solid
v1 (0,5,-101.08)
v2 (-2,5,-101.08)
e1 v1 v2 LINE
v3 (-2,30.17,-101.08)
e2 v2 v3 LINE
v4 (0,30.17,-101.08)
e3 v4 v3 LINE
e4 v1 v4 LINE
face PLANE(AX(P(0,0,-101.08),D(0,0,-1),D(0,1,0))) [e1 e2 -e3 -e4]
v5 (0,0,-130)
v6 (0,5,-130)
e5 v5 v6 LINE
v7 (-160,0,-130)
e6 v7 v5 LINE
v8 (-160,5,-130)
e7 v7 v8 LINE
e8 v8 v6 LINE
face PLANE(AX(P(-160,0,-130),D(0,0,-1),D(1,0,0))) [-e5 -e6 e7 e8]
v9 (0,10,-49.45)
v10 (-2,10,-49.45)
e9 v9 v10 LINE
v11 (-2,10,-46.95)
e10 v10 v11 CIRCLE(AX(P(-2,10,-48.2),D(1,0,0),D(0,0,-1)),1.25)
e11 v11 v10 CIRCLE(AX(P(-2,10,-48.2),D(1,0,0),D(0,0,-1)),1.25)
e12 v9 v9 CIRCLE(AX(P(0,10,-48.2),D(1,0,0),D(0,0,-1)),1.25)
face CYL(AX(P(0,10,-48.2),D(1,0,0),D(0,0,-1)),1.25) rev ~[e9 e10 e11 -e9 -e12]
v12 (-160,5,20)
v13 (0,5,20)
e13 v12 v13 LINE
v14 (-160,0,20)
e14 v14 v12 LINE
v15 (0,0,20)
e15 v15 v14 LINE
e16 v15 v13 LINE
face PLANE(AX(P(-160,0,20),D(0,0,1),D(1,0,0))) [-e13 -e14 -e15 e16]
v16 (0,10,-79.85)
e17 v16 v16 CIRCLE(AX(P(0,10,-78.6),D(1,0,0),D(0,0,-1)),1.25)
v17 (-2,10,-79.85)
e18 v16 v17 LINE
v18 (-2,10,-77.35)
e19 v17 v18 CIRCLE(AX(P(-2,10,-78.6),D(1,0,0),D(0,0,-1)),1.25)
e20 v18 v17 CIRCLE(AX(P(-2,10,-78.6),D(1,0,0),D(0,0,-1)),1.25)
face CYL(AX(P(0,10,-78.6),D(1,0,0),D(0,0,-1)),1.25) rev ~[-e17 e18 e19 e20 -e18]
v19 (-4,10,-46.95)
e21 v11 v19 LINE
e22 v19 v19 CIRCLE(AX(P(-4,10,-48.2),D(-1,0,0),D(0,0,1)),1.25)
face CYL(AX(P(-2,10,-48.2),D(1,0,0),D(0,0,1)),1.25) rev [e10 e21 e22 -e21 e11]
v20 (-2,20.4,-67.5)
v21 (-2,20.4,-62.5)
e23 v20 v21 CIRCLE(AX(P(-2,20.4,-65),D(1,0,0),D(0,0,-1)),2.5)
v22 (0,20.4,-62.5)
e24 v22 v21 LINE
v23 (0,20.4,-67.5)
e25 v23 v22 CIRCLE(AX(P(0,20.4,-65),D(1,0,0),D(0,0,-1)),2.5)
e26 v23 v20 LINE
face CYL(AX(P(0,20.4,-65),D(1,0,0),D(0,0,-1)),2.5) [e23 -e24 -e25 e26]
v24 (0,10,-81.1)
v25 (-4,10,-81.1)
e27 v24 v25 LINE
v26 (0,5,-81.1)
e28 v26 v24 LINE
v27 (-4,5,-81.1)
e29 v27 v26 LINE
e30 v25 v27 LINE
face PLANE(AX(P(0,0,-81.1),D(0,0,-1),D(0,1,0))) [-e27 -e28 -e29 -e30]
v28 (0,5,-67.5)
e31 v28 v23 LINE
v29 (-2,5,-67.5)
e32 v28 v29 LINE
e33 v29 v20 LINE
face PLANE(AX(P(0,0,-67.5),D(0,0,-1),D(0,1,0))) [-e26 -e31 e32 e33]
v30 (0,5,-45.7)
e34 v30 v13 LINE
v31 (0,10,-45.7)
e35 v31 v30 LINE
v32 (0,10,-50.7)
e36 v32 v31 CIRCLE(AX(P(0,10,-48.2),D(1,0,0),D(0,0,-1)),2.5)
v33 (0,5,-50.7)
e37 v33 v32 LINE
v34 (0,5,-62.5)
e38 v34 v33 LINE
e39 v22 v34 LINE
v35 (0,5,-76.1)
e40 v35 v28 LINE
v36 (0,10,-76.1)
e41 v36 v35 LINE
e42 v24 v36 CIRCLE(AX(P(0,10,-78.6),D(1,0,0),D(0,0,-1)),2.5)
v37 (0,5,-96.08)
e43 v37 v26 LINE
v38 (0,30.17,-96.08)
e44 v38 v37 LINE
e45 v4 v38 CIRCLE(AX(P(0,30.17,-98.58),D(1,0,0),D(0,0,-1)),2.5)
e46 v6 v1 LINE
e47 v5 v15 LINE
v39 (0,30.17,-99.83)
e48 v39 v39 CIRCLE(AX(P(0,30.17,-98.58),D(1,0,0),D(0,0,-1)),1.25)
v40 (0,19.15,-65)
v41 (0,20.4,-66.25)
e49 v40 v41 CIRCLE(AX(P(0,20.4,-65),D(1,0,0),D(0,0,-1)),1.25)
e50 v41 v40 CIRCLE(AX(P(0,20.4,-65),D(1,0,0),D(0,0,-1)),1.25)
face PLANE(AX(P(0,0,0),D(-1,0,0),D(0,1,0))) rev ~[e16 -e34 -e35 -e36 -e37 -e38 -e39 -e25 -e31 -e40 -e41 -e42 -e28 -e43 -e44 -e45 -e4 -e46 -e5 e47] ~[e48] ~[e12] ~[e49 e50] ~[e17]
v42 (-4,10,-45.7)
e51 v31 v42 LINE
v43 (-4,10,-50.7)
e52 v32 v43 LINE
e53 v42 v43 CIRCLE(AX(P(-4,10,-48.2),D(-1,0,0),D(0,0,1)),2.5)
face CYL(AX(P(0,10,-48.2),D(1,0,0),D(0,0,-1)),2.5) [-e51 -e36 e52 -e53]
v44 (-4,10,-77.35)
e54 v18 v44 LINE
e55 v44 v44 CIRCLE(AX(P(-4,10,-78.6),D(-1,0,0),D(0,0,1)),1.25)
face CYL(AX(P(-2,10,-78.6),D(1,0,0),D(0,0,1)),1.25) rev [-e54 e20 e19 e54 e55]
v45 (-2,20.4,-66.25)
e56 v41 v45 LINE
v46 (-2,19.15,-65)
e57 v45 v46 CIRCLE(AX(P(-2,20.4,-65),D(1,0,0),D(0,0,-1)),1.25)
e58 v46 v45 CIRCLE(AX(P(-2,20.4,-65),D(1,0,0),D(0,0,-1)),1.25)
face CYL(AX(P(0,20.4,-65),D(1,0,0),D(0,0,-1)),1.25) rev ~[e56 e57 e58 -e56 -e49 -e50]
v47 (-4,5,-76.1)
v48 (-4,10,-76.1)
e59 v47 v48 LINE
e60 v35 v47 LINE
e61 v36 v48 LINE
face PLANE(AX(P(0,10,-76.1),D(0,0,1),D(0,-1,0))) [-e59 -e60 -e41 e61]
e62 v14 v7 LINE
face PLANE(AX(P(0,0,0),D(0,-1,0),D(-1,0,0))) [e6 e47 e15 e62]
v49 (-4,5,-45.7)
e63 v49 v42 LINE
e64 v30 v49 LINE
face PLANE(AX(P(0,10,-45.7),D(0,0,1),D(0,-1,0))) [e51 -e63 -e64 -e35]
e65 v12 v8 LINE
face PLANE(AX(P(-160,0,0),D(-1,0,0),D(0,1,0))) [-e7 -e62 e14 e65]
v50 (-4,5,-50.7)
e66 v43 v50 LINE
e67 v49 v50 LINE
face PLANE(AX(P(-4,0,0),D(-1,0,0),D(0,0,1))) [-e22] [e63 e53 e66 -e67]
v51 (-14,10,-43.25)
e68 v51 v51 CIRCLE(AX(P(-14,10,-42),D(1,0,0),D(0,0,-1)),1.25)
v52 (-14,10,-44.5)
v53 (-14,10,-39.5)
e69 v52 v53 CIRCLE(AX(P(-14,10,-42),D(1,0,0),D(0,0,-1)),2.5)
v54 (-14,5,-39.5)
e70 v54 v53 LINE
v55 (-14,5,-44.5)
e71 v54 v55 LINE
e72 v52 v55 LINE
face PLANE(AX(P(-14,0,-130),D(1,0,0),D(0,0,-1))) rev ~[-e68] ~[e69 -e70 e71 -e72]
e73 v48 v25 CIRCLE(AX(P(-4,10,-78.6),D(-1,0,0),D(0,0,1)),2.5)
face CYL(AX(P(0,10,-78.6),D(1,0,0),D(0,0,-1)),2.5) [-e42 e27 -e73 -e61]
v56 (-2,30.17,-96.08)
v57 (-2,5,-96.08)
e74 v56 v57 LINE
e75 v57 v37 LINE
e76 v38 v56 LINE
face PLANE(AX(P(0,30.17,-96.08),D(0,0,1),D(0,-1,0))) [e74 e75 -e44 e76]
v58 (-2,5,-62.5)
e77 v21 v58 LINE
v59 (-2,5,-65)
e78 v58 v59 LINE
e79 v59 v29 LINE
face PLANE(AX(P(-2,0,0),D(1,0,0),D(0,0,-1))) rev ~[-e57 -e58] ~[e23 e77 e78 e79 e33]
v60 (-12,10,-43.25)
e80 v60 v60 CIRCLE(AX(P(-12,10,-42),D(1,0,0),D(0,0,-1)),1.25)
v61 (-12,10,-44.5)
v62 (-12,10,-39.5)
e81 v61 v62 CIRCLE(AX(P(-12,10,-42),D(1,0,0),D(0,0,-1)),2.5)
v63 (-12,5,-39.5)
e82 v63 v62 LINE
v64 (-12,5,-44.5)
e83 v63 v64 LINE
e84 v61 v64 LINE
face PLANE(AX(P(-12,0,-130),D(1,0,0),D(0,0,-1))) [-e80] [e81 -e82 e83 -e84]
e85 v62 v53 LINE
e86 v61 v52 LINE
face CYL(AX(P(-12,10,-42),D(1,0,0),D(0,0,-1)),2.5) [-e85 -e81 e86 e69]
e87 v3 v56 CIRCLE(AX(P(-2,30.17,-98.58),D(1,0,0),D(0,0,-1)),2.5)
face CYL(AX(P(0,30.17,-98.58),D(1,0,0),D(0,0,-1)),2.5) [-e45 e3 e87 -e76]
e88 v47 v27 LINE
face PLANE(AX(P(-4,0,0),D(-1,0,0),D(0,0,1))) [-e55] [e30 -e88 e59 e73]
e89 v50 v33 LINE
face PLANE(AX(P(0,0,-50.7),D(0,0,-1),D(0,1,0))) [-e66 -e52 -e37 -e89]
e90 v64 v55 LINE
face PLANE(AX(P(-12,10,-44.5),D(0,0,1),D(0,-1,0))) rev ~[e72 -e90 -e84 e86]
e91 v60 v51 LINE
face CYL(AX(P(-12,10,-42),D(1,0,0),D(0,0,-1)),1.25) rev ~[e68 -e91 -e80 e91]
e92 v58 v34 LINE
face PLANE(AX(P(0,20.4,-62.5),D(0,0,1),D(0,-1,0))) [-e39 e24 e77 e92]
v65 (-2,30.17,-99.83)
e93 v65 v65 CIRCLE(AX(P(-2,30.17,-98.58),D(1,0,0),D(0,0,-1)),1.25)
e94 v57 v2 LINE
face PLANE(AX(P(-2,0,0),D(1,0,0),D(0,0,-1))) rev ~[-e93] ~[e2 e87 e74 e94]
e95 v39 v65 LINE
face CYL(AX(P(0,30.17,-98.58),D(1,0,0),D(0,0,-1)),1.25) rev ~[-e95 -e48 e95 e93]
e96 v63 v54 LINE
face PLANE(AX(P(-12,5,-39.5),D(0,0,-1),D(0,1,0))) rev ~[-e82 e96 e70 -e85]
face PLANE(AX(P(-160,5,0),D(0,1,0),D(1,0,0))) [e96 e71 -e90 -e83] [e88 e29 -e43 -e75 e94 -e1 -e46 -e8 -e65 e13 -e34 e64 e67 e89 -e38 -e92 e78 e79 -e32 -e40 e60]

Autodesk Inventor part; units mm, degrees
ref_plane "YZ Plane" through (0, 0, 0) normal (1, 0, 0) x (0, 1, 0)
ref_plane "XZ Plane" through (0, 0, 0) normal (0, 1, 0) x (-1, 0, 0)
sketch "草圖1" plane through (0, 0, 0) normal (0, 1, 0) x (-1, 0, 0)
  line L0 (0, 0) -> (160, 0)
  line L1 (160, 0) -> (160, -130)
  line L2 (160, -130) -> (0, -130)
  line L3 (0, -130) -> (0, 0)
  dimension "d0" = 160
  dimension "d1" = 130
extrude "擠出1" add sketch "草圖1" along normal blind 5
sketch "草圖2" plane through (0, 0, 0) normal (1, 0, 0) x (0, 0, -1)
  line L0 (130, 0) -> (0, 0) projected
  line L1 (65, 0) -> (65, 20.4)
  line L2 (65, 20.4) -> (65, 0) construction
  line L3 (62.5, 20.4) -> (62.5, 0)
  line L4 (67.5, 0) -> (67.5, 20.4)
  arc A0 (67.5, 20.4) -> (62.5, 20.4) centre (65, 20.4) ccw
  arc A1 (62.5, 0) -> (67.5, 0) centre (65, 0) ccw construction
  line L5 (67.5, 0) -> (62.5, 0)
  circle A2 centre (65, 20.4) radius 1.25
  point P0 (65, 10.2)
  dimension "d4" = 20.4
  dimension "d5" = 5
  dimension "d6" = 2.5
extrude "擠出2" add sketch "草圖2" against normal blind 2
sketch "草圖3" plane through (0, 0, 0) normal (1, 0, 0) x (0, 0, -1)
  line L0 (130, 0) -> (0, 0) construction
  arc A0 (67.5, 20.4) -> (62.5, 20.4) centre (65, 20.4) ccw projected
  line L1 (65, 20.4) -> (48.2, 20.4) construction
  line L2 (48.2, 20.4) -> (48.2, 10) construction
  line L3 (48.2, 10) -> (48.2, 0) construction
  line L4 (45.7, 10) -> (45.7, 0)
  line L5 (50.7, 0) -> (50.7, 10)
  arc A1 (50.7, 10) -> (45.7, 10) centre (48.2, 10) ccw
  arc A2 (45.7, 0) -> (50.7, 0) centre (48.2, 0) ccw construction
  circle A3 centre (48.2, 10) radius 1.25
  line L6 (50.7, 0) -> (45.7, 0)
  line L7 (65, 20.4) -> (42, 20.4) construction
  line L8 (42, 20.4) -> (42, 10) construction
  line L9 (42, 10) -> (42, 0) construction
  line L10 (39.5, 10) -> (39.5, 0)
  line L11 (44.5, 0) -> (44.5, 10)
  arc A4 (44.5, 10) -> (39.5, 10) centre (42, 10) ccw
  arc A5 (39.5, 0) -> (44.5, 0) centre (42, 0) ccw construction
  circle A6 centre (42, 10) radius 1.25
  line L12 (44.5, 0) -> (39.5, 0)
  circle A7 centre (65, 20.4) radius 1.25 projected
  line L13 (65, 20.4) -> (78.6, 20.4) construction
  line L14 (78.6, 20.4) -> (78.6, 10) construction
  line L15 (78.6, 10) -> (78.6, 0) construction
  line L16 (76.1, 10) -> (76.1, 0)
  line L17 (81.1, 0) -> (81.1, 10)
  arc A8 (81.1, 10) -> (76.1, 10) centre (78.6, 10) ccw
  arc A9 (76.1, 0) -> (81.1, 0) centre (78.6, 0) ccw construction
  circle A10 centre (78.6, 10) radius 1.25
  line L18 (81.1, 0) -> (76.1, 0)
  line L19 (81.1, 0) -> (76.1, 0)
  line L20 (0, 0) -> (130, 0) projected
  line L21 (65, 20.4) -> (65, 30.17) construction
  line L22 (65, 30.17) -> (98.58, 30.17) construction
  line L23 (98.58, 30.17) -> (98.58, 0) construction
  line L24 (96.08, 30.17) -> (96.08, 0)
  line L25 (101.08, 0) -> (101.08, 30.17)
  arc A11 (101.08, 30.17) -> (96.08, 30.17) centre (98.58, 30.17) ccw
  arc A12 (96.08, 0) -> (101.08, 0) centre (98.58, 0) ccw construction
  circle A13 centre (98.58, 30.17) radius 1.25
  line L26 (101.08, 0) -> (96.08, 0)
  point P0 (48.2, 5)
  point P1 (42, 5)
  point P2 (78.6, 5)
  point P3 (98.58, 15.085)
  dimension "d9" = 16.8
  dimension "d11" = 10.4
  dimension "d12" = 5
  dimension "d13" = 2.5
  dimension "d14" = 23
  dimension "d15" = 10.4
  dimension "d16" = 5
  dimension "d17" = 2.5
  dimension "d20" = 13.6
  dimension "d21" = 10.4
  dimension "d22" = 5
  dimension "d23" = 2.5
  dimension "d24" = 9.77
  dimension "d25" = 33.58
  dimension "d26" = 5
  dimension "d27" = 2.5
extrude "擠出3" add sketch "草圖3" against normal blind 2 contours A1 L5 L6 L4 | L24 A11 L25 L20 | L16 A8 L17 L18 | L12 L10 A4 L11
sketch "草圖4" plane through (-160, 0, 0) normal (0, 0, 1) x (1, 0, 0)
  line L0 (160, 0) -> (0, 0) projected
  line L1 (160, 0) -> (160, 5) projected
  line L2 (0, 5) -> (160, 5) projected
  line L3 (0, 0) -> (0, 5) projected
extrude "擠出4" add sketch "草圖4" along normal blind 20
sketch "草圖5" plane through (-2, 0, 0) normal (-1, 0, 0) x (0, 0, 1)
  line L0 (-45.7, 5) -> (-50.7, 5) projected
  line L1 (-45.7, 5) -> (-45.7, 10) projected
  arc A0 (-45.7, 10) -> (-50.7, 10) centre (-48.2, 10) ccw projected
  line L2 (-50.7, 10) -> (-50.7, 5) projected
  circle A1 centre (-48.2, 10) radius 1.25 projected
  line L3 (-76.1, 5) -> (-81.1, 5) projected
  line L4 (-76.1, 5) -> (-76.1, 10) projected
  arc A2 (-76.1, 10) -> (-81.1, 10) centre (-78.6, 10) ccw projected
  line L5 (-81.1, 10) -> (-81.1, 5) projected
  circle A3 centre (-78.6, 10) radius 1.25 projected
  point P0 (0, 0)
extrude "擠出5" add sketch "草圖5" along normal blind 2
ref_plane "工作平面1" through (-12, 0, -130) normal (1, 0, 0) x (0, 0, -1)
sketch "草圖6" plane through (-12, 0, -130) normal (1, 0, 0) x (0, 0, -1)
  line L0 (-90.5, 5) -> (-85.5, 5) projected
  line L1 (-90.5, 5) -> (-90.5, 10) projected
  arc A0 (-85.5, 10) -> (-90.5, 10) centre (-88, 10) ccw projected
  line L2 (-85.5, 10) -> (-85.5, 5) projected
  circle A1 centre (-88, 10) radius 1.25 projected
  point P0 (-130, 0)
extrude "擠出6" add sketch "草圖6" against normal blind 2
extrude "擠出7" cut sketch "草圖6" along normal blind 20
